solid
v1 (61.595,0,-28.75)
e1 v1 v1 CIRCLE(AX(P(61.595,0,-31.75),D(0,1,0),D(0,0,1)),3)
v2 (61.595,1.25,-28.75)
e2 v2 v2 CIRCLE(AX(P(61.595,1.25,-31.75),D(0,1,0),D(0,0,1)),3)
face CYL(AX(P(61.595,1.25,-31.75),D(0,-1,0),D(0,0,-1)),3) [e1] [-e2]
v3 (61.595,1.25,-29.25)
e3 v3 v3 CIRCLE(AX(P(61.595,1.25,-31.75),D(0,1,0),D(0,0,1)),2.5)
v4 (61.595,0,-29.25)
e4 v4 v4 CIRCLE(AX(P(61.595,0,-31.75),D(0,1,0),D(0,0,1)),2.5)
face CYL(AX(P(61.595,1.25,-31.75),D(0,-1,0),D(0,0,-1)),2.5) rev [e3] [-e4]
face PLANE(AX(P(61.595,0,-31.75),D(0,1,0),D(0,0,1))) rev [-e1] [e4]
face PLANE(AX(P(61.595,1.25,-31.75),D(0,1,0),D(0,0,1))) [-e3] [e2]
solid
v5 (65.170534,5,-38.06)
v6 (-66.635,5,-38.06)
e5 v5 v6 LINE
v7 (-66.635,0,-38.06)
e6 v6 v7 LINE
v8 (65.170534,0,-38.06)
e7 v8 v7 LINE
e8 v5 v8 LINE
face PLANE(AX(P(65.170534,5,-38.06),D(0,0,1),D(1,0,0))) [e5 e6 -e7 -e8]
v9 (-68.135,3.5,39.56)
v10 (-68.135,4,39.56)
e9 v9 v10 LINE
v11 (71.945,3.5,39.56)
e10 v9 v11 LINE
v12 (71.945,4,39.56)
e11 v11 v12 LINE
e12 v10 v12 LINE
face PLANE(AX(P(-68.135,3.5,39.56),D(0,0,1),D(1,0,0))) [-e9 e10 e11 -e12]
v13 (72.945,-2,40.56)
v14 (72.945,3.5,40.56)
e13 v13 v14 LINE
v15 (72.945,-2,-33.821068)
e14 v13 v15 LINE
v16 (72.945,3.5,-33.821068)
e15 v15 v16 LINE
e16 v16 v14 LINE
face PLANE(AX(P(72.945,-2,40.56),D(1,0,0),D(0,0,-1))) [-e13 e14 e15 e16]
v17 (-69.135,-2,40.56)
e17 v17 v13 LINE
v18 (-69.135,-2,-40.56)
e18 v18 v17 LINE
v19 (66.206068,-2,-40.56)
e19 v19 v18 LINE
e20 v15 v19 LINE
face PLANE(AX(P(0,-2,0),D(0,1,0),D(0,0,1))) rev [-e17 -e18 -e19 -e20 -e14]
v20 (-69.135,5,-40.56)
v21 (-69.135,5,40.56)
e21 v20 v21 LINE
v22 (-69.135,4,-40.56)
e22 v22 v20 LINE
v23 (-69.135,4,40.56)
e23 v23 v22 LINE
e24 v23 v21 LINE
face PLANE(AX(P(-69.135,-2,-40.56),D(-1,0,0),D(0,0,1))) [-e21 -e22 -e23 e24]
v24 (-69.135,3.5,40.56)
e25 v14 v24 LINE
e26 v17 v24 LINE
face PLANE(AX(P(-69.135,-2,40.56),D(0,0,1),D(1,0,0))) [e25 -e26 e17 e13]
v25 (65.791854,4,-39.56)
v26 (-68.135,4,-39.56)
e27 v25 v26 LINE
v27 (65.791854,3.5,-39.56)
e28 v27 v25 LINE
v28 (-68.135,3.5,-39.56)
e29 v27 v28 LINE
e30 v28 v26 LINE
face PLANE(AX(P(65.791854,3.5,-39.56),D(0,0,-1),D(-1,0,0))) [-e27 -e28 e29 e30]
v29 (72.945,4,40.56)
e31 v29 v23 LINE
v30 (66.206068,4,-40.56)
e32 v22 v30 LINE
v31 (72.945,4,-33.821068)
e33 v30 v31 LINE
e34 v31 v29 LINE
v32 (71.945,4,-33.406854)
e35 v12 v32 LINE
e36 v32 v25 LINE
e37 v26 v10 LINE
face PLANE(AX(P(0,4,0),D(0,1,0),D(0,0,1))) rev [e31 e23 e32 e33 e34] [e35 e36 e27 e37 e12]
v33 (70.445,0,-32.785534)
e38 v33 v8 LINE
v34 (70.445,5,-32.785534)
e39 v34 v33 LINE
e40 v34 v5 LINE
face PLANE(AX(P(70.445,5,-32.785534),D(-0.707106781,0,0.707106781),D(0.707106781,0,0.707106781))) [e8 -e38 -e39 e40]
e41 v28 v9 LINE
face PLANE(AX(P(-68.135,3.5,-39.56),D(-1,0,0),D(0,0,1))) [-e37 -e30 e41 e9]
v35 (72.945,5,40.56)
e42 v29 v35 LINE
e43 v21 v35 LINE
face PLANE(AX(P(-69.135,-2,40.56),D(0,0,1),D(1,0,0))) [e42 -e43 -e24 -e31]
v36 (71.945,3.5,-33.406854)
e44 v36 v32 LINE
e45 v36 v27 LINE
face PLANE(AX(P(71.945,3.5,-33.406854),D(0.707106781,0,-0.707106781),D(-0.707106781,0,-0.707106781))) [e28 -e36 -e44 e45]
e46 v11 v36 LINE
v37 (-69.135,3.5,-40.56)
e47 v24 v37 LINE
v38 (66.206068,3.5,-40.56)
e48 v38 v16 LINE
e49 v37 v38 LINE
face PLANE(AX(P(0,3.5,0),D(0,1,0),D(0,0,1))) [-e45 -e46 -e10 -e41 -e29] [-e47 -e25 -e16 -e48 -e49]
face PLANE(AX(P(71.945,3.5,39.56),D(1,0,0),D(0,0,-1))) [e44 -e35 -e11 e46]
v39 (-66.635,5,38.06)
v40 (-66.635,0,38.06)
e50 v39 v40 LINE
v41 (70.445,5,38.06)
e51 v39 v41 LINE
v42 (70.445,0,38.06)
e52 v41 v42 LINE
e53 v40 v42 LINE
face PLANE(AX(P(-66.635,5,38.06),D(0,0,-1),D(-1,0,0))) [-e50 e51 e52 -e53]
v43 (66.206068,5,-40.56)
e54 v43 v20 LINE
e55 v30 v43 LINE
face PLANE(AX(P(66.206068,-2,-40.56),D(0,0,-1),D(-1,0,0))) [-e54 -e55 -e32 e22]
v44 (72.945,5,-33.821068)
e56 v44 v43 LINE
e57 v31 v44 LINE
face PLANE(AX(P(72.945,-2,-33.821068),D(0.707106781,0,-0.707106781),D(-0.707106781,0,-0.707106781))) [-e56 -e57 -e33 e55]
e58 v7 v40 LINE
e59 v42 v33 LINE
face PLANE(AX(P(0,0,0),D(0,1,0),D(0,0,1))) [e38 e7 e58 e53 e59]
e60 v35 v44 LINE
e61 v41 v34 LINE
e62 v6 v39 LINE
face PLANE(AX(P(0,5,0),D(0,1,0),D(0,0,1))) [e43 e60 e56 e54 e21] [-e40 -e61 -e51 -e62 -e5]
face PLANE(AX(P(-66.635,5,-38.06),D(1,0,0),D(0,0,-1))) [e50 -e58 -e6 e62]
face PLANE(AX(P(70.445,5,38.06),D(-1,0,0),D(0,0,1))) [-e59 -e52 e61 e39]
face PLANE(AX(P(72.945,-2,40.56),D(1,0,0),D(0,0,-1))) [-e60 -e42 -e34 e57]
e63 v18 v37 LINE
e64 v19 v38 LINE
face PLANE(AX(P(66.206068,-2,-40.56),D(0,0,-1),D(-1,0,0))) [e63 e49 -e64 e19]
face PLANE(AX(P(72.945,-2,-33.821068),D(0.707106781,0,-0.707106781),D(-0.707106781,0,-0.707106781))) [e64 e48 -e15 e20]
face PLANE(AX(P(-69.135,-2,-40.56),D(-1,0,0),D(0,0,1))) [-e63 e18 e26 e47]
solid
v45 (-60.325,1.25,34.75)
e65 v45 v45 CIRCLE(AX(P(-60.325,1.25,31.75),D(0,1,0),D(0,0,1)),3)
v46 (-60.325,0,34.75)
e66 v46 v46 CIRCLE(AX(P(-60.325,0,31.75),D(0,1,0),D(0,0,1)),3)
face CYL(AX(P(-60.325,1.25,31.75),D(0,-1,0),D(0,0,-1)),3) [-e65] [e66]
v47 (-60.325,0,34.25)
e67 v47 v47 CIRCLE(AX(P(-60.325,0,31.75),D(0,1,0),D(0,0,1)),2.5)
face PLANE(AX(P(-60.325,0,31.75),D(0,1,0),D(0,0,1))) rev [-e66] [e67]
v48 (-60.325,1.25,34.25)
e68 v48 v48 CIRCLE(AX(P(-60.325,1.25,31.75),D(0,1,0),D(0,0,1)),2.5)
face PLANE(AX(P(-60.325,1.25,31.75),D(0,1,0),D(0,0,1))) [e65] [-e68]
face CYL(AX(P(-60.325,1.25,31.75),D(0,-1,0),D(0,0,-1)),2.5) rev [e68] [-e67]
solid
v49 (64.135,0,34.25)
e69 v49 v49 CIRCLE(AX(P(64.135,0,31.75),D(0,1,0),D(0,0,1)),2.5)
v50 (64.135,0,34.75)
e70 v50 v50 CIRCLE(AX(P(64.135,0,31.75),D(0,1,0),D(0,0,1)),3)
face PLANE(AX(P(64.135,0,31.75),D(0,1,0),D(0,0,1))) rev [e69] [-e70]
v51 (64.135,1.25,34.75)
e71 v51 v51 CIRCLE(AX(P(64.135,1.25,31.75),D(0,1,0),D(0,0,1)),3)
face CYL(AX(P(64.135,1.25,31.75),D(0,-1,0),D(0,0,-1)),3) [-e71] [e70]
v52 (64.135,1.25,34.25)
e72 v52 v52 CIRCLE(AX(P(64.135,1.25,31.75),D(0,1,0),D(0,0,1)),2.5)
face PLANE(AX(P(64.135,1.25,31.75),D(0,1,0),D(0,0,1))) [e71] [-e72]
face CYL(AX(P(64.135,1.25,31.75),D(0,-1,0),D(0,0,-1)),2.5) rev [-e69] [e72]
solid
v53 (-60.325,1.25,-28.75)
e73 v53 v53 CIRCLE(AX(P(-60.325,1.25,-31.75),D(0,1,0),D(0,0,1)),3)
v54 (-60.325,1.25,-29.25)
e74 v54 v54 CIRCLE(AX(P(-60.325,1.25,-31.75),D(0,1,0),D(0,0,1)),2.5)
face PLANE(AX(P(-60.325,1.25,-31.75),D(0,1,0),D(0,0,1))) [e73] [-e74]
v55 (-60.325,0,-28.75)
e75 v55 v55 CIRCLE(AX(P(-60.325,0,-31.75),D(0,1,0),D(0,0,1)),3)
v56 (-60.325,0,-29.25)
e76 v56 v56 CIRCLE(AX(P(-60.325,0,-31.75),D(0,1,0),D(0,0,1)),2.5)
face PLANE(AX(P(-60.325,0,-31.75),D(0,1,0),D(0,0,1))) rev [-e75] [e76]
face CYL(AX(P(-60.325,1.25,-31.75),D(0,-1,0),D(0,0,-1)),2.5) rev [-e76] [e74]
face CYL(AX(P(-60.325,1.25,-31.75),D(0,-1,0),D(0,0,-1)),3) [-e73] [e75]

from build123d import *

# Parameters (mm, degrees)
BOSS_EXTRUDE1_DEPTH      = 5
BOSS_EXTRUDE1_DEPTH_BACK = 2
CUT_EXTRUDE1_DEPTH       = 5
SKETCH5_R                = 3
SKETCH5_R_2              = 2.5
BOSS_EXTRUDE2_DEPTH      = 1.25
BOSS_EXTRUDE2_2_DEPTH    = 1.25
BOSS_EXTRUDE2_3_DEPTH    = 1.25
BOSS_EXTRUDE2_4_DEPTH    = 1.25
CUT_EXTRUDE2_DEPTH       = 0.5


with BuildPart() as part:
    # Sketch3 → Boss-Extrude1 (new, two sides: drawn at the far end of the back side and taken through both)
    with BuildSketch(Plane(origin=(0, 0, 0), x_dir=(1, 0, 0), z_dir=(0, 1, 0)).offset(-BOSS_EXTRUDE1_DEPTH_BACK)):
        Polygon((72.945, 33.821067812), (66.206067812, 40.56), (-69.135, 40.56), (-69.135, -40.56), (72.945, -40.56), align=None)
    extrude(amount=BOSS_EXTRUDE1_DEPTH + BOSS_EXTRUDE1_DEPTH_BACK)

    # Sketch4 → Cut-Extrude1 (cut)
    with BuildSketch(Plane(origin=(0, 0, 0), x_dir=(1, 0, 0), z_dir=(0, 1, 0))):
        Polygon((-66.635, -38.06), (70.445, -38.06), (70.445, 32.785533906), (65.170533906, 38.06), (-66.635, 38.06), align=None)
    extrude(amount=CUT_EXTRUDE1_DEPTH, mode=Mode.SUBTRACT)

    # Sketch6 → Cut-Extrude2 (cut)
    with BuildSketch(Plane(origin=(0, 4, 0), x_dir=(1, 0, 0), z_dir=(0, 1, 0))):
        Polygon((-70.135, 41.56), (-70.135, -41.56), (73.945, -41.56), (73.945, 34.235281374), (66.620281374, 41.56), align=None)
        Polygon((-68.135, 39.56), (-68.135, -39.56), (71.945, -39.56), (71.945, 33.406854249), (65.791854249, 39.56), align=None, mode=Mode.SUBTRACT)
    extrude(amount=-CUT_EXTRUDE2_DEPTH, mode=Mode.SUBTRACT)


with BuildPart() as body_2:
    # Sketch5 → Boss-Extrude2 (new body)
    with BuildSketch(Plane(origin=(0, 0, 0), x_dir=(1, 0, 0), z_dir=(0, 1, 0))):
        with Locations(Location((-60.325, -31.75, 0), (0, 0, 270))):
            Circle(SKETCH5_R)
        with Locations(Location((-60.325, -31.75, 0), (0, 0, 270))):
            Circle(SKETCH5_R_2, mode=Mode.SUBTRACT)
    extrude(amount=BOSS_EXTRUDE2_DEPTH)


with BuildPart() as body_3:
    # Sketch5 → Boss-Extrude2 2 (new body)
    with BuildSketch(Plane(origin=(0, 0, 0), x_dir=(1, 0, 0), z_dir=(0, 1, 0))):
        with Locations(Location((-60.325, 31.75, 0), (0, 0, 270))):
            Circle(SKETCH5_R)
        with Locations(Location((-60.325, 31.75, 0), (0, 0, 270))):
            Circle(SKETCH5_R_2, mode=Mode.SUBTRACT)
    extrude(amount=BOSS_EXTRUDE2_2_DEPTH)


with BuildPart() as body_4:
    # Sketch5 → Boss-Extrude2 3 (new body)
    with BuildSketch(Plane(origin=(0, 0, 0), x_dir=(1, 0, 0), z_dir=(0, 1, 0))):
        with Locations(Location((61.595, 31.75, 0), (0, 0, 270))):
            Circle(SKETCH5_R)
        with Locations(Location((61.595, 31.75, 0), (0, 0, 270))):
            Circle(SKETCH5_R_2, mode=Mode.SUBTRACT)
    extrude(amount=BOSS_EXTRUDE2_3_DEPTH)


with BuildPart() as body_5:
    # Sketch5 → Boss-Extrude2 4 (new body)
    with BuildSketch(Plane(origin=(0, 0, 0), x_dir=(1, 0, 0), z_dir=(0, 1, 0))):
        with Locations(Location((64.135, -31.75, 0), (0, 0, 270))):
            Circle(SKETCH5_R)
        with Locations(Location((64.135, -31.75, 0), (0, 0, 270))):
            Circle(SKETCH5_R_2, mode=Mode.SUBTRACT)
    extrude(amount=BOSS_EXTRUDE2_4_DEPTH)


solid = Compound([part.part, body_2.part, body_3.part, body_4.part, body_5.part])
